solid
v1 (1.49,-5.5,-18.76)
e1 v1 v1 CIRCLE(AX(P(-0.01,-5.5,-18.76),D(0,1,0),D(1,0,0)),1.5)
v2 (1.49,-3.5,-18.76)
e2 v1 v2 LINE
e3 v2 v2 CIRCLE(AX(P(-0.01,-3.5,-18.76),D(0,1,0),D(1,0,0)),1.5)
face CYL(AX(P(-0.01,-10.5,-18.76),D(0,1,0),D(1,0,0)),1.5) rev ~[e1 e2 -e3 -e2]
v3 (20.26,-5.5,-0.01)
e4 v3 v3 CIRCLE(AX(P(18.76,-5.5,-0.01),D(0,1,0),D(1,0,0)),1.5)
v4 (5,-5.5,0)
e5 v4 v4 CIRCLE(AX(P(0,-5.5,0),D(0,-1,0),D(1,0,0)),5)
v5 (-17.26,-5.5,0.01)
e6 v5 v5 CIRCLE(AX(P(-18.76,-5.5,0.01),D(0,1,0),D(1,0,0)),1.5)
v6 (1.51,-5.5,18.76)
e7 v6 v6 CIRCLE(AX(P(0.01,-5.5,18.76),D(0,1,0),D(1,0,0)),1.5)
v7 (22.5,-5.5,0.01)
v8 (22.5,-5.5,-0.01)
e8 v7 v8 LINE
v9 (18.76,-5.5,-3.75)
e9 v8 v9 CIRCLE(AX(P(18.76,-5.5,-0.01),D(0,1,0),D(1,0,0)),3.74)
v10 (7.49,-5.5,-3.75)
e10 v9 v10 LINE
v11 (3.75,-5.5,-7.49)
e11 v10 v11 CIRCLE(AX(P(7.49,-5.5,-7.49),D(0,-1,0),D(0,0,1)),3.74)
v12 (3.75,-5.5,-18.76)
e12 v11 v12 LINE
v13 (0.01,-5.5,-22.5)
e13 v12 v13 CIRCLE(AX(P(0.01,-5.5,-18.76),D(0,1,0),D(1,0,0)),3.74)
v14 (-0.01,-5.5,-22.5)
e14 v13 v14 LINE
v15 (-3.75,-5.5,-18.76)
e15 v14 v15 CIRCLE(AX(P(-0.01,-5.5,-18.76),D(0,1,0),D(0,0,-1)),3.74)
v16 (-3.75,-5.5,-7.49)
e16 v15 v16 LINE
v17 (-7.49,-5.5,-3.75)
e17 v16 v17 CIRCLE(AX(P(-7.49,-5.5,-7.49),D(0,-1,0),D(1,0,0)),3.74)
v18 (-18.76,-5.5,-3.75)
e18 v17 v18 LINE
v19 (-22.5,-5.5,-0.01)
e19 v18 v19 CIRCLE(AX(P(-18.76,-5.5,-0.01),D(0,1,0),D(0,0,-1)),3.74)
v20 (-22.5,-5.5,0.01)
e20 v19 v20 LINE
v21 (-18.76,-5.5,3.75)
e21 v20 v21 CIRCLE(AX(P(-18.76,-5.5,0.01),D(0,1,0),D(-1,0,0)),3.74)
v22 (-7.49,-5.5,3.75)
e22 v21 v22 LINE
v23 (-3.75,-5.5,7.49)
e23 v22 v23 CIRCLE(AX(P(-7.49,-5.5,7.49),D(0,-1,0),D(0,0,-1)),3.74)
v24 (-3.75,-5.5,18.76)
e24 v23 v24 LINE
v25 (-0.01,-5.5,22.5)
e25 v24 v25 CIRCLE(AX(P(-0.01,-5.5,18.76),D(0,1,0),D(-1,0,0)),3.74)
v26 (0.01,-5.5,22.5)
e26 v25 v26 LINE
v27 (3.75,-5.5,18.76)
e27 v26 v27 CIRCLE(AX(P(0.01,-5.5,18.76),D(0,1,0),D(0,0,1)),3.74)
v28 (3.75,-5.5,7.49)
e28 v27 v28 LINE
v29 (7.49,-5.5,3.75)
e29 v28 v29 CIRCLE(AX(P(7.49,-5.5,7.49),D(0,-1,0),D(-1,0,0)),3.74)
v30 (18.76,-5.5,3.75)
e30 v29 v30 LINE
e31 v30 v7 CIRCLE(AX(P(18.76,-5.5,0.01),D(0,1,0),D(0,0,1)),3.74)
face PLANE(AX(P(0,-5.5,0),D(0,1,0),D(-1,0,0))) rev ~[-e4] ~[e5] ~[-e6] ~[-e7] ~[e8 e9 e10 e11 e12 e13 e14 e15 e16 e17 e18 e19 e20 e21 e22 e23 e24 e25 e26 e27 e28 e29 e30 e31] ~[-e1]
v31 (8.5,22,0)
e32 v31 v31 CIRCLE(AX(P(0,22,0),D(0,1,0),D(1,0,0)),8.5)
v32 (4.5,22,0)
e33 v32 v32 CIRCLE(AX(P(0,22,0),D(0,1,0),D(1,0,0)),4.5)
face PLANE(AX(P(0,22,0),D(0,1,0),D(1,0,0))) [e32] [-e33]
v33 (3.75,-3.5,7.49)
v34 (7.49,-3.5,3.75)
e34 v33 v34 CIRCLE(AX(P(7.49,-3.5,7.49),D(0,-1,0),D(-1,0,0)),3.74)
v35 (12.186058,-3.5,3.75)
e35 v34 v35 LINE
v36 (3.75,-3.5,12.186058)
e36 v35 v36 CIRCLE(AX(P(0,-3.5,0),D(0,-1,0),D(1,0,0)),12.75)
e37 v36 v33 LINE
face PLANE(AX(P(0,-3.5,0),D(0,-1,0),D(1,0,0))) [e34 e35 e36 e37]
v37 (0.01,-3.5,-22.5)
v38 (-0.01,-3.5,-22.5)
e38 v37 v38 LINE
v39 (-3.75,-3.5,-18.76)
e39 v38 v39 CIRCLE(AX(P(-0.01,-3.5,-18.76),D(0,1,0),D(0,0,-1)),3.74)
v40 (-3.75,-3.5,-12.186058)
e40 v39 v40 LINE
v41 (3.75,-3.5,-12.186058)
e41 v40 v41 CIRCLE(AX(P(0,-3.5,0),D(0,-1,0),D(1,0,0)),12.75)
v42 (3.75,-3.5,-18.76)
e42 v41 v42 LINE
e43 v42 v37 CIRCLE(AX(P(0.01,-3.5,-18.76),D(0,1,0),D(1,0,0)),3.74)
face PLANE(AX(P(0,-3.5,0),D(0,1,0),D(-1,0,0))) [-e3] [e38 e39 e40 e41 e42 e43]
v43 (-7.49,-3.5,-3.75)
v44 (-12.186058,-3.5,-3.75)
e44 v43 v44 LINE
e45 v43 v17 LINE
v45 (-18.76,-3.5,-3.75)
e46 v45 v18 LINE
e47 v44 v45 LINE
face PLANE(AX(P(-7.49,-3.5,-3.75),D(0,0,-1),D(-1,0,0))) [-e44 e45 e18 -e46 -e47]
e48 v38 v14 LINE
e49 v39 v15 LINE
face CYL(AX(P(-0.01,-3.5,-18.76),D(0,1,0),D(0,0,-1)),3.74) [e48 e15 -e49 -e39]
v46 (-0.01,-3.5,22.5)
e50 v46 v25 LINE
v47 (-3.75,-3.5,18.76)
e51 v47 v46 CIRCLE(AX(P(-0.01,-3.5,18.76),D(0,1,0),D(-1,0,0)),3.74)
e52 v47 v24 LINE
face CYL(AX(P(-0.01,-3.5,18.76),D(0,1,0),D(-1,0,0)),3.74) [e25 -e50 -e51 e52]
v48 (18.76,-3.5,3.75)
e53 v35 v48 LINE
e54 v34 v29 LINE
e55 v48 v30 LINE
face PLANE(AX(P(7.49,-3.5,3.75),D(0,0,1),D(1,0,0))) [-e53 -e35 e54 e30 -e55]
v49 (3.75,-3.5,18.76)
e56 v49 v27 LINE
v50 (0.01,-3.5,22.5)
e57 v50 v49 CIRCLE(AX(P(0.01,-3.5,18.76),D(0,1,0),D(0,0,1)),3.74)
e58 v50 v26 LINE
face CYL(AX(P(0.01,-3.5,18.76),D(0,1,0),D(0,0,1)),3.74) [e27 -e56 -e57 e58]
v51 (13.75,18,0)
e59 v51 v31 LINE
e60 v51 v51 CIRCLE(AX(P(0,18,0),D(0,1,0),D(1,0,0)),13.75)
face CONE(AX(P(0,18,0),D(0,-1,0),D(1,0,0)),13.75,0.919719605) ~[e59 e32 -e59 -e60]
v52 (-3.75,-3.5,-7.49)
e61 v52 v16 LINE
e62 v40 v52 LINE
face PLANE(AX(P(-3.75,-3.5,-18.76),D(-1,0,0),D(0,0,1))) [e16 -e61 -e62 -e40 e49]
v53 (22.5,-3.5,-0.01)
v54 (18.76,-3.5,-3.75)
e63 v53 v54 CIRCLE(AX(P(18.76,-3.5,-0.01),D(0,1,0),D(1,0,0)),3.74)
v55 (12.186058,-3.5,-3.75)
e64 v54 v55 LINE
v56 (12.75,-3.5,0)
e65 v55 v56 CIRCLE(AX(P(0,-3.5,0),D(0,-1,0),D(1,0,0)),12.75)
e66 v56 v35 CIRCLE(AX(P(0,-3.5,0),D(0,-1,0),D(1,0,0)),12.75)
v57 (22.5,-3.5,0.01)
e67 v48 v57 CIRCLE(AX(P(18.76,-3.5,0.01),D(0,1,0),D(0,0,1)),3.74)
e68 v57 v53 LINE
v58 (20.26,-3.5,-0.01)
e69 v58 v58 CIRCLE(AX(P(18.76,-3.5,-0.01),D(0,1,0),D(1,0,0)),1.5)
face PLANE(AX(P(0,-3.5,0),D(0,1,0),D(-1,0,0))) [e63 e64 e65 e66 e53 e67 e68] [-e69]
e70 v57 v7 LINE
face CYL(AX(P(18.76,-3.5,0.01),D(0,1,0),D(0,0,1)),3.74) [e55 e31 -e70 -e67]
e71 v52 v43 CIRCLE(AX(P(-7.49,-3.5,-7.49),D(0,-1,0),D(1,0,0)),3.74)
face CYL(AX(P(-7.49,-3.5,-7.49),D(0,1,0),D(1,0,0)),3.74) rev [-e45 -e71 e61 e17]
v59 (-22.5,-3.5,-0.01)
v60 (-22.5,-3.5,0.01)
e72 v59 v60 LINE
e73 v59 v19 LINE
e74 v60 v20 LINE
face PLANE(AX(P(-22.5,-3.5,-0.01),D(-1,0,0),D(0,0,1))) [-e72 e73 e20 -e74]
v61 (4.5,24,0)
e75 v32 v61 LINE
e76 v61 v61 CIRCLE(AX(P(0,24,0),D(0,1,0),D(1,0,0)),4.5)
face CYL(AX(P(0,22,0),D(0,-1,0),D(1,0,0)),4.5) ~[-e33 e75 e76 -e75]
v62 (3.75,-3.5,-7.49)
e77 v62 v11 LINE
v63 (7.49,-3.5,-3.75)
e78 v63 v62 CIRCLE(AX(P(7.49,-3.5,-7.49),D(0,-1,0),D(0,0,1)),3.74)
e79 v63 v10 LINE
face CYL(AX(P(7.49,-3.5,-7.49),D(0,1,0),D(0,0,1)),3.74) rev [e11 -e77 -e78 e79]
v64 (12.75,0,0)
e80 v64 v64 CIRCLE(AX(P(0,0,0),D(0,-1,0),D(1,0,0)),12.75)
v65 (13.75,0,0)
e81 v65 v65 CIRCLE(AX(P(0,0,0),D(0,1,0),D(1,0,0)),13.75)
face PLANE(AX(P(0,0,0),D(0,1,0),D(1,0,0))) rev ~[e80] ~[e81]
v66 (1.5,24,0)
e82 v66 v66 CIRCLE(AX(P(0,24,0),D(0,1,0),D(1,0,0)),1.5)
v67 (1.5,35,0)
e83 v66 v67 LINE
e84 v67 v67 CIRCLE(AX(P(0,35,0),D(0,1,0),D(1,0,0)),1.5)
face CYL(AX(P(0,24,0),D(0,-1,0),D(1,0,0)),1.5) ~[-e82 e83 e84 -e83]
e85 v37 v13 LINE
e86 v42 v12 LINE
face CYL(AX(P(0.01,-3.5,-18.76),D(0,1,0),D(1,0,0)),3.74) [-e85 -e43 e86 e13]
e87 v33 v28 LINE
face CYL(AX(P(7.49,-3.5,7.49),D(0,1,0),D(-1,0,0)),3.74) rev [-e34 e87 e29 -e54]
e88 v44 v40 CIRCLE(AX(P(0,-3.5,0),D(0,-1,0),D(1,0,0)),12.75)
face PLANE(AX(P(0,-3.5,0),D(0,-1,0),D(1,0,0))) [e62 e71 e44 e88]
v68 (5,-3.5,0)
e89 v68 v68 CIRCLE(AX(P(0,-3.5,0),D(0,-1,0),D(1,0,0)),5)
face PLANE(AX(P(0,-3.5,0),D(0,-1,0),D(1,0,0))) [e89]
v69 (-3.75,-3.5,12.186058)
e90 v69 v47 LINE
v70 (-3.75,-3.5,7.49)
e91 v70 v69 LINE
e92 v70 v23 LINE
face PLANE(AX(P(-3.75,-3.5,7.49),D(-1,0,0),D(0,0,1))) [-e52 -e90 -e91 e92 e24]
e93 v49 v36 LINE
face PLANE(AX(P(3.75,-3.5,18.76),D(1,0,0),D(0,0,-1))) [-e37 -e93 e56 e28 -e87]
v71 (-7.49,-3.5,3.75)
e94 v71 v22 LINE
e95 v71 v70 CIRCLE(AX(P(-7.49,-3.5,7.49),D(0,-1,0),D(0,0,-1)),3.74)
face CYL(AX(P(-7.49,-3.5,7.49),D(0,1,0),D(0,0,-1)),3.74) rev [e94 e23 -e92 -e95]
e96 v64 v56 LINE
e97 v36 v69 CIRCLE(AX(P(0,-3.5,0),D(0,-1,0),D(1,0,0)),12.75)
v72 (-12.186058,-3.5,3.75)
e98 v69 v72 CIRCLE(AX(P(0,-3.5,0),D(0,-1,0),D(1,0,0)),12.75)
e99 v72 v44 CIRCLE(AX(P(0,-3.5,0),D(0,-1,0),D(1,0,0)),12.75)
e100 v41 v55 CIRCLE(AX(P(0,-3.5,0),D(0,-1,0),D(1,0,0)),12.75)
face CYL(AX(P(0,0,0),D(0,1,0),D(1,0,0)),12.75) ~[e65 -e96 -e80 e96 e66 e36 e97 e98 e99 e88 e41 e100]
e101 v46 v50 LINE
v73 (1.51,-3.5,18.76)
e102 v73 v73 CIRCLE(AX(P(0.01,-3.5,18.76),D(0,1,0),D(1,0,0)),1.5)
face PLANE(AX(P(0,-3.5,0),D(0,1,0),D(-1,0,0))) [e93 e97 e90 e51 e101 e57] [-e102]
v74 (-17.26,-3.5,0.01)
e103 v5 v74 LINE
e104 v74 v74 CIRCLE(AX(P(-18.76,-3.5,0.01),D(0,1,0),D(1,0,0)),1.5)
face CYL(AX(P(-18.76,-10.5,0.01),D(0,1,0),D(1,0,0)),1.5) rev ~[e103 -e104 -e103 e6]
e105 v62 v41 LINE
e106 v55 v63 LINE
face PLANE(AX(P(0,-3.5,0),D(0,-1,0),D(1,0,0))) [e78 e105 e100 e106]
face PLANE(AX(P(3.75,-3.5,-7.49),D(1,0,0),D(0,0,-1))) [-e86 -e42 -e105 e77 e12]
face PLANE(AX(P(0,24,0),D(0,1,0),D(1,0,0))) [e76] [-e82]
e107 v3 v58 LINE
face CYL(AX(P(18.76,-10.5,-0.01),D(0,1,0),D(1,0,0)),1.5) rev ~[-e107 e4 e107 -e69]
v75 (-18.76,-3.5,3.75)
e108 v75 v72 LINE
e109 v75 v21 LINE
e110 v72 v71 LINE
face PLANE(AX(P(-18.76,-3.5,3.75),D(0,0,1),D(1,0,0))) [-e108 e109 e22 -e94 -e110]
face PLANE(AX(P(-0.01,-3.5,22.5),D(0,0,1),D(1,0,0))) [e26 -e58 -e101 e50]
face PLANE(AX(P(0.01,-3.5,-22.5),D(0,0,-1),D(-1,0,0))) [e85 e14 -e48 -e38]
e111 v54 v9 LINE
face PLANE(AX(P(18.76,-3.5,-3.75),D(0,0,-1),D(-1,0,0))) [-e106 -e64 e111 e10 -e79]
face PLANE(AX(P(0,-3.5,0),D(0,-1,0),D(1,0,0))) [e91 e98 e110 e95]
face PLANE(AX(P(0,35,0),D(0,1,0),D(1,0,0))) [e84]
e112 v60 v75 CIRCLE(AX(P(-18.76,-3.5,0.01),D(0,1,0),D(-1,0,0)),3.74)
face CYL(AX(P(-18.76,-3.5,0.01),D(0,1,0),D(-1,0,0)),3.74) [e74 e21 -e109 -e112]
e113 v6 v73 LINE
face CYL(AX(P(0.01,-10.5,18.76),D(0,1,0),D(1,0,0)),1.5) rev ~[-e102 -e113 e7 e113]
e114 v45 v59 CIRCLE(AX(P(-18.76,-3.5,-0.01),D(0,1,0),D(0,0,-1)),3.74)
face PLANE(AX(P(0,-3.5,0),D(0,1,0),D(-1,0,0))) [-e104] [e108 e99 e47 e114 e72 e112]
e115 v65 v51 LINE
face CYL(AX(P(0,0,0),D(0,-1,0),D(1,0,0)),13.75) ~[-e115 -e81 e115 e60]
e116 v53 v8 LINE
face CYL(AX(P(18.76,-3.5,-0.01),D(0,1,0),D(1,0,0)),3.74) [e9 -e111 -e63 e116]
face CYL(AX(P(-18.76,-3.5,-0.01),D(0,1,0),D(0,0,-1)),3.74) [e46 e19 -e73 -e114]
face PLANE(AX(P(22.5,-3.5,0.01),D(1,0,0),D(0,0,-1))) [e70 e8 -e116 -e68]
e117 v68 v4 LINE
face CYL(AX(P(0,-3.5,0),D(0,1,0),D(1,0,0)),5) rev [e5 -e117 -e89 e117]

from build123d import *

# Parameters (mm, degrees)
CROQUIS1_R                       = 13.75
SALIENTE_EXTRUIR1_DEPTH          = 18
CROQUIS3_R                       = 8.5
SALIENTE_EXTRUIR2_DEPTH          = 4
CROQUIS4_R                       = 4.5
SALIENTE_EXTRUIR3_DEPTH          = 2
CROQUIS5_R                       = 1.5
SALIENTE_EXTRUIR4_DEPTH          = 11
CROQUIS7_R                       = 12.75
SALIENTE_EXTRUIR5_DEPTH          = 3.5
CROQUIS8_R                       = 5
SALIENTE_EXTRUIR6_DEPTH          = 2
TALADRO_DE_MARGEN_PARA_M11_D     = 3
TALADRO_DE_MARGEN_PARA_M11_DEPTH = 5


with BuildPart() as part:
    # Croquis1 → Saliente-Extruir1 (new body)
    with BuildSketch(Plane(origin=(0, 0, 0), x_dir=(1, 0, 0), z_dir=(0, 1, 0))):
        Circle(CROQUIS1_R)
    extrude(amount=SALIENTE_EXTRUIR1_DEPTH)

    # Croquis3 → Saliente-Extruir2 (add)
    with BuildSketch(Plane(origin=(0, 18, 0), x_dir=(1, 0, 0), z_dir=(0, 1, 0))):
        Circle(CROQUIS3_R)
    extrude(amount=SALIENTE_EXTRUIR2_DEPTH)

    # Croquis4 → Saliente-Extruir3 (add)
    with BuildSketch(Plane(origin=(0, 22, 0), x_dir=(1, 0, 0), z_dir=(0, 1, 0))):
        Circle(CROQUIS4_R)
    extrude(amount=SALIENTE_EXTRUIR3_DEPTH)

    # Croquis5 → Saliente-Extruir4 (add)
    with BuildSketch(Plane(origin=(0, 24, 0), x_dir=(1, 0, 0), z_dir=(0, 1, 0))):
        Circle(CROQUIS5_R)
    extrude(amount=SALIENTE_EXTRUIR4_DEPTH)

    # Croquis6 → Revolución1 (revolve)
    with BuildSketch(Plane.XY):
        Polygon((13.75, 18), (8.5, 22), (8.5, 18), align=None)
    revolve(axis=Axis((0, 18, 0), (0, -1, 0)))

    # Croquis7 → Saliente-Extruir5 (add)
    with BuildSketch(Plane.XZ):
        Circle(CROQUIS7_R)
    extrude(amount=SALIENTE_EXTRUIR5_DEPTH)

    # Croquis8 → Saliente-Extruir6 (add)
    with BuildSketch(Plane.XZ.offset(3.5)):
        with BuildLine():
            Line((7.49, 3.75), (18.76, 3.75))
            ThreePointArc((18.76, 3.75), (21.404579362, 2.654579362), (22.5, 0.01))
            Line((22.5, 0.01), (22.5, -0.01))
            ThreePointArc((22.5, -0.01), (21.404579362, -2.654579362), (18.76, -3.75))
            Line((18.76, -3.75), (7.49, -3.75))
            ThreePointArc((7.49, -3.75), (4.845420638, -4.845420638), (3.75, -7.49))
            Line((3.75, -7.49), (3.75, -18.76))
            ThreePointArc((3.75, -18.76), (2.654579362, -21.404579362), (0.01, -22.5))
            Line((0.01, -22.5), (-0.01, -22.5))
            ThreePointArc((-0.01, -22.5), (-2.654579362, -21.404579362), (-3.75, -18.76))
            Line((-3.75, -18.76), (-3.75, -7.49))
            ThreePointArc((-3.75, -7.49), (-4.845420638, -4.845420638), (-7.49, -3.75))
            Line((-7.49, -3.75), (-18.76, -3.75))
            ThreePointArc((-18.76, -3.75), (-21.404579362, -2.654579362), (-22.5, -0.01))
            Line((-22.5, -0.01), (-22.5, 0.01))
            ThreePointArc((-22.5, 0.01), (-21.404579362, 2.654579362), (-18.76, 3.75))
            Line((-18.76, 3.75), (-7.49, 3.75))
            ThreePointArc((-7.49, 3.75), (-4.845420638, 4.845420638), (-3.75, 7.49))
            Line((-3.75, 7.49), (-3.75, 18.76))
            ThreePointArc((-3.75, 18.76), (-2.654579362, 21.404579362), (-0.01, 22.5))
            Line((-0.01, 22.5), (0.01, 22.5))
            ThreePointArc((0.01, 22.5), (2.654579362, 21.404579362), (3.75, 18.76))
            Line((3.75, 18.76), (3.75, 7.49))
            ThreePointArc((3.75, 7.49), (4.845420638, 4.845420638), (7.49, 3.75))
        make_face()
        Circle(CROQUIS8_R, mode=Mode.SUBTRACT)
    extrude(amount=SALIENTE_EXTRUIR6_DEPTH)

    # Taladro de margen para M11
    with Locations(Plane(origin=(0, -5.5, 0), x_dir=(-1, 0, 0), z_dir=(0, -1, 0))):
        with Locations((0.01, 18.76), (-18.76, 0.01), (-0.01, -18.76), (18.76, -0.01)):
            Hole(TALADRO_DE_MARGEN_PARA_M11_D / 2, depth=TALADRO_DE_MARGEN_PARA_M11_DEPTH)


solid = part.part
